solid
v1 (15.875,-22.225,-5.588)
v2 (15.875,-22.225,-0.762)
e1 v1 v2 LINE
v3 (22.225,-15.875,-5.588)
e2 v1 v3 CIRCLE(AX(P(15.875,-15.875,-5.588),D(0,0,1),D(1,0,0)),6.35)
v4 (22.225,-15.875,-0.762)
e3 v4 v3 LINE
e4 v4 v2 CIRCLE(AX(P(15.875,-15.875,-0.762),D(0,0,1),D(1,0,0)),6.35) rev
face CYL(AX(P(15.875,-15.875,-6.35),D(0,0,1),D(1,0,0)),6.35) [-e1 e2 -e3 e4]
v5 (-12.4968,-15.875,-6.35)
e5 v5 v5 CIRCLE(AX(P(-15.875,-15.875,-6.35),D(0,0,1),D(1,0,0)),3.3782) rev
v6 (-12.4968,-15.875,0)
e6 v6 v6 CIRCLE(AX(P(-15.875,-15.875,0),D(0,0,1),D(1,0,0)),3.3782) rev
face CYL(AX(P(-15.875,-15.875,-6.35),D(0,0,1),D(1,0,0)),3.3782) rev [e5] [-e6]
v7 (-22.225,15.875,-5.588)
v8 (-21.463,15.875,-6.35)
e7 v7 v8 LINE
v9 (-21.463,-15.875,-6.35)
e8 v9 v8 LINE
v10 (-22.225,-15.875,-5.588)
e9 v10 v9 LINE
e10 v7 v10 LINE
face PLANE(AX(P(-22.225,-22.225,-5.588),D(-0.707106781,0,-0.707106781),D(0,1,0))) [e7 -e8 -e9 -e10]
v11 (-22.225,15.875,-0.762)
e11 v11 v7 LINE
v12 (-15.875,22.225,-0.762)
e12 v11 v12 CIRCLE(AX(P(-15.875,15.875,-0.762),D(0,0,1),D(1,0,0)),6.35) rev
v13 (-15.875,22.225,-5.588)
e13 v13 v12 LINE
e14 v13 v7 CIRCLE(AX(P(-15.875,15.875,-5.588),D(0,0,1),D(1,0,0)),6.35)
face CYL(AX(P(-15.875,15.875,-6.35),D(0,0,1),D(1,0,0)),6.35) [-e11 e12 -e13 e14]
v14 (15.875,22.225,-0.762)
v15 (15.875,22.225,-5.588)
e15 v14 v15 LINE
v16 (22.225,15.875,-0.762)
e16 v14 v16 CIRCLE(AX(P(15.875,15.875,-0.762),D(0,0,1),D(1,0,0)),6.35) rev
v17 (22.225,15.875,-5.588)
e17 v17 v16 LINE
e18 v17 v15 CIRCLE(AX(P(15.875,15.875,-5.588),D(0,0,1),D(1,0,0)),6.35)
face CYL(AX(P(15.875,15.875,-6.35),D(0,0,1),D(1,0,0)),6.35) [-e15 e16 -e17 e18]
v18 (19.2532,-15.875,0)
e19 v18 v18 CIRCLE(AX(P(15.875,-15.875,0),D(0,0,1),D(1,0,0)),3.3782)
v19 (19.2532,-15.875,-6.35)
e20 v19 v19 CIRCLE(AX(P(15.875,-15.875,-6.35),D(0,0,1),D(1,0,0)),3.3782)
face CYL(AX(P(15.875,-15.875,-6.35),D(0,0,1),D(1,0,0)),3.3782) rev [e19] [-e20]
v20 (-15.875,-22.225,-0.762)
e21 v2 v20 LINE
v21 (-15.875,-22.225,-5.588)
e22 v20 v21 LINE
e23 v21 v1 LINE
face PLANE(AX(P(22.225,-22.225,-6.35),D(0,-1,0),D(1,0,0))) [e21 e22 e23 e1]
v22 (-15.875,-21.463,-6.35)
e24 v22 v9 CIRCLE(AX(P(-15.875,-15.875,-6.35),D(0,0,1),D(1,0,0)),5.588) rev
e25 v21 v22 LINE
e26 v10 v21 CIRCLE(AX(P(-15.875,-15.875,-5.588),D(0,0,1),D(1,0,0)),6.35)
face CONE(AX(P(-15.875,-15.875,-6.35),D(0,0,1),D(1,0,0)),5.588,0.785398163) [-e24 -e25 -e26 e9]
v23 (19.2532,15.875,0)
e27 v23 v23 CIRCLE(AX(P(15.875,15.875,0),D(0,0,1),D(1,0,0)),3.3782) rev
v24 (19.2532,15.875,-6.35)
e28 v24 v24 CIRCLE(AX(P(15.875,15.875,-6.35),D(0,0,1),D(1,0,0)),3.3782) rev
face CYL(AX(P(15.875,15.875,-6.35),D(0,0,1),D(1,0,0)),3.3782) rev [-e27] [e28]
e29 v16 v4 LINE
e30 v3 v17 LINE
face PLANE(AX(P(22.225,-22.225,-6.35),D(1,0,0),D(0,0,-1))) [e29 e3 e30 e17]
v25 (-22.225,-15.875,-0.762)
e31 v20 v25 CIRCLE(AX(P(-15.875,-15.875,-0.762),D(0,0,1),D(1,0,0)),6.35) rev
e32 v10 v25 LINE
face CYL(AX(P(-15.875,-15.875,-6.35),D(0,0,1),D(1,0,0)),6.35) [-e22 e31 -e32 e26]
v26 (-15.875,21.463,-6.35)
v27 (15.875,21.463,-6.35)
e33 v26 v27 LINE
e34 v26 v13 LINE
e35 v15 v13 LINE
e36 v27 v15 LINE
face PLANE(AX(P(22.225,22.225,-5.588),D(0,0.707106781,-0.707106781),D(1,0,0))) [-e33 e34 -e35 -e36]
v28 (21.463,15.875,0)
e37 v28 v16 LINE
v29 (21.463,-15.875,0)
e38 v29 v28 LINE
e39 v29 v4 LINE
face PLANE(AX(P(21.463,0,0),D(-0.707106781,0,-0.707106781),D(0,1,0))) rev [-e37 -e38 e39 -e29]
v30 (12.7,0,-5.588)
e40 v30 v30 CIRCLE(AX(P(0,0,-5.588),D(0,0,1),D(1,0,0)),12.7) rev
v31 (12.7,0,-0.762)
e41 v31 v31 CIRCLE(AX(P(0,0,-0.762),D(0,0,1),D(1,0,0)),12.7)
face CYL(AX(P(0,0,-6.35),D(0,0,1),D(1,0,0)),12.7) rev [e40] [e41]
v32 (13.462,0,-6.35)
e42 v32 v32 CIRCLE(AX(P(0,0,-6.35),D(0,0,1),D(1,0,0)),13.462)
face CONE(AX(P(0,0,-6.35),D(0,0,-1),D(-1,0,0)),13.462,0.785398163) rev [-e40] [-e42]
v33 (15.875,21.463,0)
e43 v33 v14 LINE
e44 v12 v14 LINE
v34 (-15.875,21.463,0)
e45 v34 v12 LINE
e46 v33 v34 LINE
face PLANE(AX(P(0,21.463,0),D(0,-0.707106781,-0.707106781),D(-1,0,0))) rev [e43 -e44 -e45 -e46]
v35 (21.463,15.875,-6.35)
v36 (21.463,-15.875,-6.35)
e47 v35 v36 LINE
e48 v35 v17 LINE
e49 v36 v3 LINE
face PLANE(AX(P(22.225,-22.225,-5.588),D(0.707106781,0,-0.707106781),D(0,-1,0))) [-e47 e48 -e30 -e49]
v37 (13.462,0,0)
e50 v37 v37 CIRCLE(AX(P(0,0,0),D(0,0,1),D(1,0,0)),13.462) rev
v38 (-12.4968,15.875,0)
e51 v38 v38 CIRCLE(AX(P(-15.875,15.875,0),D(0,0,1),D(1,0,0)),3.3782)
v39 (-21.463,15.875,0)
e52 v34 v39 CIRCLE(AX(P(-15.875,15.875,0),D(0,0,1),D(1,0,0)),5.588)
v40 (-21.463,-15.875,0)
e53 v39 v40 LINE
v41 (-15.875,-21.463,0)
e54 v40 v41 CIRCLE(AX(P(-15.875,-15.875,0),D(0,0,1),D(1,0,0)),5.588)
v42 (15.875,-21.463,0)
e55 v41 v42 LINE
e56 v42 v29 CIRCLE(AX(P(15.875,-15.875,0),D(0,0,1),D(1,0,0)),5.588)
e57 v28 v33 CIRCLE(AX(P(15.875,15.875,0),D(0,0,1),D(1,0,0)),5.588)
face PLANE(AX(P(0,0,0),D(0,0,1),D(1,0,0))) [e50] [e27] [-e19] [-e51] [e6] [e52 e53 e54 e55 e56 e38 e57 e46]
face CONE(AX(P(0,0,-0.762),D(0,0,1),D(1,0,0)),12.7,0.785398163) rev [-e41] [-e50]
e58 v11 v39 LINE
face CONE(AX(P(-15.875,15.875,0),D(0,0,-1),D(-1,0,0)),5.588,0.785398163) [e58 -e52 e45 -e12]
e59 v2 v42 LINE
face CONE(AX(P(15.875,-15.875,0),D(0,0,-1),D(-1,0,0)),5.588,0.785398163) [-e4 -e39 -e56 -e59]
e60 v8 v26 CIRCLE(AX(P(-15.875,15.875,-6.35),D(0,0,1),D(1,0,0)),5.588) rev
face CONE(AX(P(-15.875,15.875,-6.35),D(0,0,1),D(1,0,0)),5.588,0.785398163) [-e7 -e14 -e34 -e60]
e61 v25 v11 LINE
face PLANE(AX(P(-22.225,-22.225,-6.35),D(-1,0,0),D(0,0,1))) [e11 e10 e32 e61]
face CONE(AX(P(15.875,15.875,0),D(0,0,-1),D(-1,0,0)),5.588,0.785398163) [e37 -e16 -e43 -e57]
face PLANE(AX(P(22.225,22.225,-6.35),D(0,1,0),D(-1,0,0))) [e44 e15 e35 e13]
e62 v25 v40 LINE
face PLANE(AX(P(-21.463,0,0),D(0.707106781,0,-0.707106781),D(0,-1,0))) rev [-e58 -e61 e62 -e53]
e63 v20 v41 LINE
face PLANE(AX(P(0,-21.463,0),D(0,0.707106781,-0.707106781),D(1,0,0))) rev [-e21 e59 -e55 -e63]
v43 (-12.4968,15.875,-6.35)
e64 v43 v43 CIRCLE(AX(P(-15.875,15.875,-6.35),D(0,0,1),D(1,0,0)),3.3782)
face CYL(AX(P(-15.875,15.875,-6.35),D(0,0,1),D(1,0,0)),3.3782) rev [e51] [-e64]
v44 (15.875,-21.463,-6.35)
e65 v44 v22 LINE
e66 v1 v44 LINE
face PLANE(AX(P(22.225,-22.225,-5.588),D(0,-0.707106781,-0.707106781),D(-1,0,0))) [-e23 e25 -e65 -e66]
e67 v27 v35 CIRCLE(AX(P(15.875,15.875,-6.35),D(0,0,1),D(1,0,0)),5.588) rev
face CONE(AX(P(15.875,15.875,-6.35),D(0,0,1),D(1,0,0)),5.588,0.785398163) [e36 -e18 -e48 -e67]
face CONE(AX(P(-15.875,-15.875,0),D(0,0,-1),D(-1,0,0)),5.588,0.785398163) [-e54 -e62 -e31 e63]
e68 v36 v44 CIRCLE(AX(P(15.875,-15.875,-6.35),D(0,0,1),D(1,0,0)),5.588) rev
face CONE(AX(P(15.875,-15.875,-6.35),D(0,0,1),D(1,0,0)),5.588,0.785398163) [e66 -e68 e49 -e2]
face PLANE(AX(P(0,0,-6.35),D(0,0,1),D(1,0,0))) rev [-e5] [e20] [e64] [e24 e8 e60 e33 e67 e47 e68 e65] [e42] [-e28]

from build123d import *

# Parameters (mm, degrees)
BASE_SKETCH_W           = 44.45
BASE_SKETCH_H           = 44.45
BASE_SKETCH_R           = 12.7
BASE_EXTRUDE_DEPTH      = 6.35
CORNER_FILLET_R         = 6.35
PERIPHERAL_CHAMFER_SIZE = 0.762
CORNER_SKETCH_R         = 3.3782
CORNER_CUT_DEPTH        = 33.065928179


with BuildPart() as part:
    # Base Sketch → Base Extrude (new body)
    with BuildSketch(Plane.XY):
        Rectangle(BASE_SKETCH_W, BASE_SKETCH_H)
        Circle(BASE_SKETCH_R, mode=Mode.SUBTRACT)
    extrude(amount=-BASE_EXTRUDE_DEPTH)

    # Corner Fillet
    corner_fillet_edges = [part.edges().sort_by_distance(p)[0] for p in [
        (-22.225, 22.225, -3.175),
        (22.225, 22.225, -3.175),
        (22.225, -22.225, -3.175),
        (-22.225, -22.225, -3.175),
    ]]
    fillet(corner_fillet_edges, radius=CORNER_FILLET_R)

    # Peripheral Chamfer
    peripheral_chamfer_edges = [part.edges().sort_by_distance(p)[0] for p in [
        (-12.7, 0, -6.35),
        (-12.7, 0, 0),
        (-22.225, 0, 0),
        (-22.225, 0, -6.35),
        (0, -22.225, 0),
        (22.225, 0, 0),
        (0, 22.225, 0),
        (20.365128061, 20.365128061, 0),
        (20.365128061, -20.365128061, 0),
        (-20.365128061, 20.365128061, 0),
        (-20.365128061, -20.365128061, 0),
        (0, -22.225, -6.35),
        (0, 22.225, -6.35),
        (22.225, 0, -6.35),
        (20.365128061, 20.365128061, -6.35),
        (20.365128061, -20.365128061, -6.35),
        (-20.365128061, 20.365128061, -6.35),
        (-20.365128061, -20.365128061, -6.35),
    ]]
    chamfer(peripheral_chamfer_edges, length=PERIPHERAL_CHAMFER_SIZE)

    # Corner Sketch → Corner Cut (cut, through all)
    with BuildSketch(Plane.XY):
        with Locations((15.875, 15.875)):
            Circle(CORNER_SKETCH_R)
        with Locations((15.875, -15.875)):
            Circle(CORNER_SKETCH_R)
        with Locations((-15.875, -15.875)):
            Circle(CORNER_SKETCH_R)
        with Locations((-15.875, 15.875)):
            Circle(CORNER_SKETCH_R)
    extrude(amount=-CORNER_CUT_DEPTH, mode=Mode.SUBTRACT)


solid = part.part
